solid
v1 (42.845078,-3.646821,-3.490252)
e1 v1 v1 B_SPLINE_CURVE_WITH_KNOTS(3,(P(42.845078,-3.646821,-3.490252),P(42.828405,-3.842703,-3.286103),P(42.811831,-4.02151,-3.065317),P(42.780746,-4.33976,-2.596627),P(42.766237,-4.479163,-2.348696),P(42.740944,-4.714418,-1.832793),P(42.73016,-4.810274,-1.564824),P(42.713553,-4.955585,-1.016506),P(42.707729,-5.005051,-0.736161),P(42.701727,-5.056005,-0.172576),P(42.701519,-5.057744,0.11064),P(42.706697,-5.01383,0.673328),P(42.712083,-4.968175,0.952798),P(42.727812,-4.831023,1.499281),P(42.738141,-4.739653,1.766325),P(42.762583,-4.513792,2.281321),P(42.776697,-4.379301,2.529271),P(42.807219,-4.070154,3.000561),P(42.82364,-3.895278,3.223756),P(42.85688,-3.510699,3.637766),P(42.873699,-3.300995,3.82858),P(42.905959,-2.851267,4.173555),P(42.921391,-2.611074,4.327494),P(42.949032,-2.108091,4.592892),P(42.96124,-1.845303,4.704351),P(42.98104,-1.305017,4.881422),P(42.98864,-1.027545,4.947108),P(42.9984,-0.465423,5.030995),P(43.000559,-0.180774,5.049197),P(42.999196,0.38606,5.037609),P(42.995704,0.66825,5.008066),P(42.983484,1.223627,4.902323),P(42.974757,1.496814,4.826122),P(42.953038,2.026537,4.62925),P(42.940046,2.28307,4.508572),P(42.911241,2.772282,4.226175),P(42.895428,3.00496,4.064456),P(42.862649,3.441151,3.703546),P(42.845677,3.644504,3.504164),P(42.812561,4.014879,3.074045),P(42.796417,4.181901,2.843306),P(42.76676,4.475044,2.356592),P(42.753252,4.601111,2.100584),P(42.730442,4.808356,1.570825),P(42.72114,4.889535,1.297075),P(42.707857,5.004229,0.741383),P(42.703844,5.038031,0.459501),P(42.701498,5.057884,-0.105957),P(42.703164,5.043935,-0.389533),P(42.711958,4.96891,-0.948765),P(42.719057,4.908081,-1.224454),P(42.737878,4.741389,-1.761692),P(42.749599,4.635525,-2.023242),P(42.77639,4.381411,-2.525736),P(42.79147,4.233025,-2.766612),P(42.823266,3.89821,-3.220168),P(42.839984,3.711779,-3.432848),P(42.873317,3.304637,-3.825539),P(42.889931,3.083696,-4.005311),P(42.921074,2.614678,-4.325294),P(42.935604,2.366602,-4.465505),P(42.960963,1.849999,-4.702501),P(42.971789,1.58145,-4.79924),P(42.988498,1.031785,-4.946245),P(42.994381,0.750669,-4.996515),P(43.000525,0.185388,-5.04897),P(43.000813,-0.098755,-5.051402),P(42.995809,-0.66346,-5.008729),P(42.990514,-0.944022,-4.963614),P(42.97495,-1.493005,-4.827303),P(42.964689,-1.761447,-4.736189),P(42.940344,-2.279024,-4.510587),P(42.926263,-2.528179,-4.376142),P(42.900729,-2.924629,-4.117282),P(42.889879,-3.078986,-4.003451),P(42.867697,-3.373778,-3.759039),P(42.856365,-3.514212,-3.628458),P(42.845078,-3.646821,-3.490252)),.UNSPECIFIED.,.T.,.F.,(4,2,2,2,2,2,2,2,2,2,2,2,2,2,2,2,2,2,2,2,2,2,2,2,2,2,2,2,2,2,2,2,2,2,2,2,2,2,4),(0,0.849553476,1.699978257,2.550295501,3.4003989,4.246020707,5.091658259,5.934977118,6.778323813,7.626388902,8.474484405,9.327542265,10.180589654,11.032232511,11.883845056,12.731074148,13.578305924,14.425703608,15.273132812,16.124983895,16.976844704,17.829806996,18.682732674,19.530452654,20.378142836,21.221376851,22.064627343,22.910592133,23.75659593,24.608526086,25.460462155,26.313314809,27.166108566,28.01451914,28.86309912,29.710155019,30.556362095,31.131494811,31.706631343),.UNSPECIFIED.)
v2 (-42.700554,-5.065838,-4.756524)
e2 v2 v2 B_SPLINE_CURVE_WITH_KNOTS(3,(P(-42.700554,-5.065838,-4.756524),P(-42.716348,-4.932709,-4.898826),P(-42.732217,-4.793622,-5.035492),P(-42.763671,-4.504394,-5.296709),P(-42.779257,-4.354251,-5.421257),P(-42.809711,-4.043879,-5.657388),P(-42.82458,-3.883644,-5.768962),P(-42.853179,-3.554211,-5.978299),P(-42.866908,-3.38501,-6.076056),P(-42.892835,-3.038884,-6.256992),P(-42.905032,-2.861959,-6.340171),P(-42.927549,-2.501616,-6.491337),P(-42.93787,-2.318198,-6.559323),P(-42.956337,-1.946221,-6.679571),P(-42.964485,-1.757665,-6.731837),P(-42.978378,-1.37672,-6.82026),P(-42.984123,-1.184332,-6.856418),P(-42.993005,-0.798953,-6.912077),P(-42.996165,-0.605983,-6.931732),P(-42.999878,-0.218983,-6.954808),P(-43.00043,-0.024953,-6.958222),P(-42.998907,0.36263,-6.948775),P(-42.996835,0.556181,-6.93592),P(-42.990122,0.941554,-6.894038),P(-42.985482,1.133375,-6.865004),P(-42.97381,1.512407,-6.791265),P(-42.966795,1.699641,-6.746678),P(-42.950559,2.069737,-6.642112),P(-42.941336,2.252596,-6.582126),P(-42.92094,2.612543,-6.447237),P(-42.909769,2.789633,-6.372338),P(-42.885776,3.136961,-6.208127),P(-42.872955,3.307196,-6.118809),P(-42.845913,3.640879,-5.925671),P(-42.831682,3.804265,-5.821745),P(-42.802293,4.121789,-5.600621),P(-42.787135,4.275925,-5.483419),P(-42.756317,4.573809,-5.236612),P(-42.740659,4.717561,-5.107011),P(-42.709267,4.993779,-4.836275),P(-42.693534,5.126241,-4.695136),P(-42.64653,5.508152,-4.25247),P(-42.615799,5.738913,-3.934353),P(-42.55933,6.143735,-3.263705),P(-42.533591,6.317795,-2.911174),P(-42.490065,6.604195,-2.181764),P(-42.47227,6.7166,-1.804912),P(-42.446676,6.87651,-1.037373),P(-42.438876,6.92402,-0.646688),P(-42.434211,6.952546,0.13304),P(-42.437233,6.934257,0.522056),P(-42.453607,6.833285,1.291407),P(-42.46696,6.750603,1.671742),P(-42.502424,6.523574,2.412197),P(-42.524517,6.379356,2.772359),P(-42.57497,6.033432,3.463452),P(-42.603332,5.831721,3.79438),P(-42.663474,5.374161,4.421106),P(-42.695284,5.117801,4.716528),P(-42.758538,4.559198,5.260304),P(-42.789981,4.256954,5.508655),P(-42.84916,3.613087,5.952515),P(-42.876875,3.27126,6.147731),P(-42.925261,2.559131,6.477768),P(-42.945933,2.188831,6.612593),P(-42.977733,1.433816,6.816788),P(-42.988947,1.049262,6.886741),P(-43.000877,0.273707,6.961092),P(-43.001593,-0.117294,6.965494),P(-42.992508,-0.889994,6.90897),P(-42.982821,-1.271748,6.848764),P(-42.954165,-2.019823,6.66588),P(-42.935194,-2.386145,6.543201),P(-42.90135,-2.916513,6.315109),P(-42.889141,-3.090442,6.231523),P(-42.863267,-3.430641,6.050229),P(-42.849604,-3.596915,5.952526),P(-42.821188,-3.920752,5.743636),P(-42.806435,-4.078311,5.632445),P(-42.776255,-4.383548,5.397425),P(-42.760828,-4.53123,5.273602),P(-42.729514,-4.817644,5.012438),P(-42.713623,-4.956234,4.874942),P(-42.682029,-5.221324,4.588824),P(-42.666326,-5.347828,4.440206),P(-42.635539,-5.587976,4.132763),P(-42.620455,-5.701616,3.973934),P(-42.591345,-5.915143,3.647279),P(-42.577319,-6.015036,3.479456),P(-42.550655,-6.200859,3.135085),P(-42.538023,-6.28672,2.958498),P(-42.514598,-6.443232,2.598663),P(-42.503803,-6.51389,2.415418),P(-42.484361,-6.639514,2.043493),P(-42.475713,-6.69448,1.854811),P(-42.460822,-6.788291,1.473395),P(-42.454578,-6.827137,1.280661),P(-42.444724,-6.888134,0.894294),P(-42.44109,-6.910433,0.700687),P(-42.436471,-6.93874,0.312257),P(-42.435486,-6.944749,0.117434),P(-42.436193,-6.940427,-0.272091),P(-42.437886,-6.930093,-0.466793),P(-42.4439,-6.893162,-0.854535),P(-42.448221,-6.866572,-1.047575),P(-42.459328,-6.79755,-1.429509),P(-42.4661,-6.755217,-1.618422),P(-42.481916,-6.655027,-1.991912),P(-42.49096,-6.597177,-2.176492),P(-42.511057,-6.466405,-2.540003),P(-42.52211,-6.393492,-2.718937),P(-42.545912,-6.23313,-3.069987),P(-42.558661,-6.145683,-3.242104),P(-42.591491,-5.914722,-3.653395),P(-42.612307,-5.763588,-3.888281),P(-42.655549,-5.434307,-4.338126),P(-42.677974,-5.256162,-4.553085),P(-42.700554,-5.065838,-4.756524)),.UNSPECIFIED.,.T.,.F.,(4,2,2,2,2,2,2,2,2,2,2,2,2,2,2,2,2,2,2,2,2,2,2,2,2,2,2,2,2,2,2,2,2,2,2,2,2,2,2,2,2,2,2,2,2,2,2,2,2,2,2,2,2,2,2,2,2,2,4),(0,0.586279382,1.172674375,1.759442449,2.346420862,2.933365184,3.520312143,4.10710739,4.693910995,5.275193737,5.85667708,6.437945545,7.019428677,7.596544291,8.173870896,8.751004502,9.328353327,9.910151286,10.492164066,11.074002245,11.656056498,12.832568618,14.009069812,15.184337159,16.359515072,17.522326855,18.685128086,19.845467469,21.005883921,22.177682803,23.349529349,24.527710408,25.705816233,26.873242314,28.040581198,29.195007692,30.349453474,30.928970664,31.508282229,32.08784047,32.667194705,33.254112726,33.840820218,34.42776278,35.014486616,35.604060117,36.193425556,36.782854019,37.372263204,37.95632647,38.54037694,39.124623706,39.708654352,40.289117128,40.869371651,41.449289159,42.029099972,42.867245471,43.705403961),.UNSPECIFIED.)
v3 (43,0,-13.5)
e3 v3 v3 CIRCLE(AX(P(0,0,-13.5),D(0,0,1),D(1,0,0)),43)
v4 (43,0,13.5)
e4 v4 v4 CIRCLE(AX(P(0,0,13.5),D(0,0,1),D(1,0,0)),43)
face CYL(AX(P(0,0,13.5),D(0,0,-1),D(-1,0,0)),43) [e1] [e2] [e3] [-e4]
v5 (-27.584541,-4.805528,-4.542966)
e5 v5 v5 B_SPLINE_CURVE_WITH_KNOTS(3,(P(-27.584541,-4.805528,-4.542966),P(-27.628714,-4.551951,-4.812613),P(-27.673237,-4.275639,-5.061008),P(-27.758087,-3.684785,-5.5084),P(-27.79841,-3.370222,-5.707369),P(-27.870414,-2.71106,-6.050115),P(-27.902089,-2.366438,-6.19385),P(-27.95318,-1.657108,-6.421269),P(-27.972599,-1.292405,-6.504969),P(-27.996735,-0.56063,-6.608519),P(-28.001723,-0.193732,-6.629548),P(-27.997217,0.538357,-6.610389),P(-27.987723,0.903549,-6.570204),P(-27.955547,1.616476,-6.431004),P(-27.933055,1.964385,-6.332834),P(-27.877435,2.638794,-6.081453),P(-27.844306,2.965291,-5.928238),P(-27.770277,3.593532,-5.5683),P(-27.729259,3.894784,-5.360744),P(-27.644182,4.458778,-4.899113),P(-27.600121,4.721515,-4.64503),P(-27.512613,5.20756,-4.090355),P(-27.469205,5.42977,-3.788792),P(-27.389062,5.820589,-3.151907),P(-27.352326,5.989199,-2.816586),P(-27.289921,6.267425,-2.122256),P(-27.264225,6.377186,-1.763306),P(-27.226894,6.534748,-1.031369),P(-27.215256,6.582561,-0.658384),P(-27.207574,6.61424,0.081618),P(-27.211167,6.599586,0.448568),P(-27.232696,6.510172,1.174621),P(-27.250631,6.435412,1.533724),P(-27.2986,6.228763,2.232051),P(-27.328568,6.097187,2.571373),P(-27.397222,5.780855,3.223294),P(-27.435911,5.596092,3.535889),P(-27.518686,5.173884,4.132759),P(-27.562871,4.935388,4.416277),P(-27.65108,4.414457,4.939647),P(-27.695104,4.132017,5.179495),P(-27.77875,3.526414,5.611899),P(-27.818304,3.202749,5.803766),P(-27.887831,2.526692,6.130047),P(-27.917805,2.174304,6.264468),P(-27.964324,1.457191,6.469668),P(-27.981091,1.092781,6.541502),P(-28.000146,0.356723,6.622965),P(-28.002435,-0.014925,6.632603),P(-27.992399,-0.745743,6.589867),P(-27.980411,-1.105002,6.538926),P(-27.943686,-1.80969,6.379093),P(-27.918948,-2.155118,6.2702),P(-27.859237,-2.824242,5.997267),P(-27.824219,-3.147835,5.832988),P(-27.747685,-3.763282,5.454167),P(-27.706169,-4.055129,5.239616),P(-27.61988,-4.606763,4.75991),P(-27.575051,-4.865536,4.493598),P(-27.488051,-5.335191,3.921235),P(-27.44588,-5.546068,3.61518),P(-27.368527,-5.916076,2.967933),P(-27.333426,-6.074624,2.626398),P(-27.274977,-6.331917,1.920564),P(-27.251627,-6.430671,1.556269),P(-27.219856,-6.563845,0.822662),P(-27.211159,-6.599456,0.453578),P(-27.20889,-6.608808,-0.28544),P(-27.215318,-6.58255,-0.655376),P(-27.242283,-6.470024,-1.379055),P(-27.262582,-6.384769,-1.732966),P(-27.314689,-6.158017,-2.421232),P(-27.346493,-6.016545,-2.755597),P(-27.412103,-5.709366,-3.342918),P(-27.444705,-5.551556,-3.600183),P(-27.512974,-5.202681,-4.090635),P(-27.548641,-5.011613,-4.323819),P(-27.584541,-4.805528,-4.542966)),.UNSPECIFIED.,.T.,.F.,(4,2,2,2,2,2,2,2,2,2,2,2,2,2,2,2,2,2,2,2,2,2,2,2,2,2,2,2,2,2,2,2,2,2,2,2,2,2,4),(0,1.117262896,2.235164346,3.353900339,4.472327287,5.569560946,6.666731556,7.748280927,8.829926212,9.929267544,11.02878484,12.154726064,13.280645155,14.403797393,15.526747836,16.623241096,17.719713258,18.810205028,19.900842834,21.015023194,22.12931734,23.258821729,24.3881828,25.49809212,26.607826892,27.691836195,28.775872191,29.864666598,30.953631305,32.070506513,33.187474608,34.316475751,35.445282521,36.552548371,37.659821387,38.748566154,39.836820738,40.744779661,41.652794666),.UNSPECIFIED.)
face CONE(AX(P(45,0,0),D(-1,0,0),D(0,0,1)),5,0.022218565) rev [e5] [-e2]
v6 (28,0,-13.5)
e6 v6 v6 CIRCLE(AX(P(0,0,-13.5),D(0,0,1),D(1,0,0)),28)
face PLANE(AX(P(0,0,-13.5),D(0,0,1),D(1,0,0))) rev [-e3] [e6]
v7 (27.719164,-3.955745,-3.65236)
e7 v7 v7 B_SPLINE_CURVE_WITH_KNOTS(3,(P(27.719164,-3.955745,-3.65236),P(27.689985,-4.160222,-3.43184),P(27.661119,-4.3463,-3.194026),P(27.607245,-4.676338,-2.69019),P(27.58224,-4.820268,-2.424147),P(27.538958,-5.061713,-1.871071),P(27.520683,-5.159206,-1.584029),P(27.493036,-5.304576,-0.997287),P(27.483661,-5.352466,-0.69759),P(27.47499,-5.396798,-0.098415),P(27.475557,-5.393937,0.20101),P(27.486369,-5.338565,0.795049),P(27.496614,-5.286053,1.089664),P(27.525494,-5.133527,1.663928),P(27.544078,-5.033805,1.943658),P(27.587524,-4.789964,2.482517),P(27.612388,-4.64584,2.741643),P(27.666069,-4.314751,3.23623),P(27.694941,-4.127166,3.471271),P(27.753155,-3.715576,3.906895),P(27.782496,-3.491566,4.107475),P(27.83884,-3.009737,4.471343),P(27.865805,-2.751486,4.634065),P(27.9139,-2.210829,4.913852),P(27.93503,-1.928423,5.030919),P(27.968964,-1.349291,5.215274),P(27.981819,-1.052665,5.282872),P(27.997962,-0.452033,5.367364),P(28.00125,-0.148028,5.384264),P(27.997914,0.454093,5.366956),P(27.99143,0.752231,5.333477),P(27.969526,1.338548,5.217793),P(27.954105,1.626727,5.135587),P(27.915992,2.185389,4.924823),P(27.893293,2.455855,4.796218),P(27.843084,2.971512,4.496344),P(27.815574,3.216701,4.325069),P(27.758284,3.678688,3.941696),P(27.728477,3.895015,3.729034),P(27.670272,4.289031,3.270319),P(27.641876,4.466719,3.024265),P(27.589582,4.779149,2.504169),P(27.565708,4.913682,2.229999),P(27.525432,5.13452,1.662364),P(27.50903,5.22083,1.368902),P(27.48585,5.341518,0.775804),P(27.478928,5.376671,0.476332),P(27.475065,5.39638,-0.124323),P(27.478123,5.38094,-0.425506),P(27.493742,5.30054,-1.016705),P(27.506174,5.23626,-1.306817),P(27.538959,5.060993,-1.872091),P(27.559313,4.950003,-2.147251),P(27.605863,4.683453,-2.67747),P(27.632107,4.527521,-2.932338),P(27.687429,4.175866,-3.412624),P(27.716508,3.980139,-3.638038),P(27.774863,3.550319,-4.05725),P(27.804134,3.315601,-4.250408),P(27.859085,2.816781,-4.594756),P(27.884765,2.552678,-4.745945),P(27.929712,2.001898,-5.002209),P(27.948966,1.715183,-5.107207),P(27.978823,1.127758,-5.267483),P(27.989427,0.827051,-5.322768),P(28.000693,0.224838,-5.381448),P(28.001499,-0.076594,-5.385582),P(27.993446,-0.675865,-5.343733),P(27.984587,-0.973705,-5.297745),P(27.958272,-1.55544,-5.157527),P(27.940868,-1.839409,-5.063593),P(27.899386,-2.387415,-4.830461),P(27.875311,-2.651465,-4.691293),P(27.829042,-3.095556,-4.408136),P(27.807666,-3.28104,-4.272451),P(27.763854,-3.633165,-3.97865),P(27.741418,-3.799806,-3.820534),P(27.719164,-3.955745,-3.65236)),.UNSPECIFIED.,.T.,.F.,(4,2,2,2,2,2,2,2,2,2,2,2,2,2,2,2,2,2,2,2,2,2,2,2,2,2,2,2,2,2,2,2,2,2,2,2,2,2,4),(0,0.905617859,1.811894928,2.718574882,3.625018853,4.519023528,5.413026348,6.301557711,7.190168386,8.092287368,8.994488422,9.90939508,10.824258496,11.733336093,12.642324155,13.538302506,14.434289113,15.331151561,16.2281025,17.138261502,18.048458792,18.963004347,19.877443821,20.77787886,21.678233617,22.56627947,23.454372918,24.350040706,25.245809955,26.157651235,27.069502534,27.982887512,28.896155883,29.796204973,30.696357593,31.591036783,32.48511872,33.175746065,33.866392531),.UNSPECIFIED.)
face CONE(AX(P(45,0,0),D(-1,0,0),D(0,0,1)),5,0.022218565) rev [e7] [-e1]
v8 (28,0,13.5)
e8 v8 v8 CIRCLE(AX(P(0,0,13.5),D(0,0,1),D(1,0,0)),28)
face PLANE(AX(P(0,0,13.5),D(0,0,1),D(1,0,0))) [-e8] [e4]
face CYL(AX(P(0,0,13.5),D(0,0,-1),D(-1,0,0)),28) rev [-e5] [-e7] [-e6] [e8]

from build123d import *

# Parameters (mm, degrees)
SKETCH1_R           = 43
SKETCH1_R_2         = 28
BOSS_EXTRUDE1_DEPTH = 13.5


with BuildPart() as part:
    # Sketch1 → Boss-Extrude1 (new, symmetric)
    with BuildSketch(Plane.XY):
        Circle(SKETCH1_R)
        Circle(SKETCH1_R_2, mode=Mode.SUBTRACT)
    extrude(amount=BOSS_EXTRUDE1_DEPTH, both=True)

    # Sketch4 → Cut-Revolve1 (revolve, cut)
    with BuildSketch(Plane(origin=(0, 0, 0), x_dir=(1, 0, 0), z_dir=(0, 1, 0))):
        Polygon((-45, 0), (-45, 7), (45, 5), (45, 0), align=None)
    revolve(axis=Axis((0, 0, 0), (-1, 0, 0)), mode=Mode.SUBTRACT)


solid = part.part
